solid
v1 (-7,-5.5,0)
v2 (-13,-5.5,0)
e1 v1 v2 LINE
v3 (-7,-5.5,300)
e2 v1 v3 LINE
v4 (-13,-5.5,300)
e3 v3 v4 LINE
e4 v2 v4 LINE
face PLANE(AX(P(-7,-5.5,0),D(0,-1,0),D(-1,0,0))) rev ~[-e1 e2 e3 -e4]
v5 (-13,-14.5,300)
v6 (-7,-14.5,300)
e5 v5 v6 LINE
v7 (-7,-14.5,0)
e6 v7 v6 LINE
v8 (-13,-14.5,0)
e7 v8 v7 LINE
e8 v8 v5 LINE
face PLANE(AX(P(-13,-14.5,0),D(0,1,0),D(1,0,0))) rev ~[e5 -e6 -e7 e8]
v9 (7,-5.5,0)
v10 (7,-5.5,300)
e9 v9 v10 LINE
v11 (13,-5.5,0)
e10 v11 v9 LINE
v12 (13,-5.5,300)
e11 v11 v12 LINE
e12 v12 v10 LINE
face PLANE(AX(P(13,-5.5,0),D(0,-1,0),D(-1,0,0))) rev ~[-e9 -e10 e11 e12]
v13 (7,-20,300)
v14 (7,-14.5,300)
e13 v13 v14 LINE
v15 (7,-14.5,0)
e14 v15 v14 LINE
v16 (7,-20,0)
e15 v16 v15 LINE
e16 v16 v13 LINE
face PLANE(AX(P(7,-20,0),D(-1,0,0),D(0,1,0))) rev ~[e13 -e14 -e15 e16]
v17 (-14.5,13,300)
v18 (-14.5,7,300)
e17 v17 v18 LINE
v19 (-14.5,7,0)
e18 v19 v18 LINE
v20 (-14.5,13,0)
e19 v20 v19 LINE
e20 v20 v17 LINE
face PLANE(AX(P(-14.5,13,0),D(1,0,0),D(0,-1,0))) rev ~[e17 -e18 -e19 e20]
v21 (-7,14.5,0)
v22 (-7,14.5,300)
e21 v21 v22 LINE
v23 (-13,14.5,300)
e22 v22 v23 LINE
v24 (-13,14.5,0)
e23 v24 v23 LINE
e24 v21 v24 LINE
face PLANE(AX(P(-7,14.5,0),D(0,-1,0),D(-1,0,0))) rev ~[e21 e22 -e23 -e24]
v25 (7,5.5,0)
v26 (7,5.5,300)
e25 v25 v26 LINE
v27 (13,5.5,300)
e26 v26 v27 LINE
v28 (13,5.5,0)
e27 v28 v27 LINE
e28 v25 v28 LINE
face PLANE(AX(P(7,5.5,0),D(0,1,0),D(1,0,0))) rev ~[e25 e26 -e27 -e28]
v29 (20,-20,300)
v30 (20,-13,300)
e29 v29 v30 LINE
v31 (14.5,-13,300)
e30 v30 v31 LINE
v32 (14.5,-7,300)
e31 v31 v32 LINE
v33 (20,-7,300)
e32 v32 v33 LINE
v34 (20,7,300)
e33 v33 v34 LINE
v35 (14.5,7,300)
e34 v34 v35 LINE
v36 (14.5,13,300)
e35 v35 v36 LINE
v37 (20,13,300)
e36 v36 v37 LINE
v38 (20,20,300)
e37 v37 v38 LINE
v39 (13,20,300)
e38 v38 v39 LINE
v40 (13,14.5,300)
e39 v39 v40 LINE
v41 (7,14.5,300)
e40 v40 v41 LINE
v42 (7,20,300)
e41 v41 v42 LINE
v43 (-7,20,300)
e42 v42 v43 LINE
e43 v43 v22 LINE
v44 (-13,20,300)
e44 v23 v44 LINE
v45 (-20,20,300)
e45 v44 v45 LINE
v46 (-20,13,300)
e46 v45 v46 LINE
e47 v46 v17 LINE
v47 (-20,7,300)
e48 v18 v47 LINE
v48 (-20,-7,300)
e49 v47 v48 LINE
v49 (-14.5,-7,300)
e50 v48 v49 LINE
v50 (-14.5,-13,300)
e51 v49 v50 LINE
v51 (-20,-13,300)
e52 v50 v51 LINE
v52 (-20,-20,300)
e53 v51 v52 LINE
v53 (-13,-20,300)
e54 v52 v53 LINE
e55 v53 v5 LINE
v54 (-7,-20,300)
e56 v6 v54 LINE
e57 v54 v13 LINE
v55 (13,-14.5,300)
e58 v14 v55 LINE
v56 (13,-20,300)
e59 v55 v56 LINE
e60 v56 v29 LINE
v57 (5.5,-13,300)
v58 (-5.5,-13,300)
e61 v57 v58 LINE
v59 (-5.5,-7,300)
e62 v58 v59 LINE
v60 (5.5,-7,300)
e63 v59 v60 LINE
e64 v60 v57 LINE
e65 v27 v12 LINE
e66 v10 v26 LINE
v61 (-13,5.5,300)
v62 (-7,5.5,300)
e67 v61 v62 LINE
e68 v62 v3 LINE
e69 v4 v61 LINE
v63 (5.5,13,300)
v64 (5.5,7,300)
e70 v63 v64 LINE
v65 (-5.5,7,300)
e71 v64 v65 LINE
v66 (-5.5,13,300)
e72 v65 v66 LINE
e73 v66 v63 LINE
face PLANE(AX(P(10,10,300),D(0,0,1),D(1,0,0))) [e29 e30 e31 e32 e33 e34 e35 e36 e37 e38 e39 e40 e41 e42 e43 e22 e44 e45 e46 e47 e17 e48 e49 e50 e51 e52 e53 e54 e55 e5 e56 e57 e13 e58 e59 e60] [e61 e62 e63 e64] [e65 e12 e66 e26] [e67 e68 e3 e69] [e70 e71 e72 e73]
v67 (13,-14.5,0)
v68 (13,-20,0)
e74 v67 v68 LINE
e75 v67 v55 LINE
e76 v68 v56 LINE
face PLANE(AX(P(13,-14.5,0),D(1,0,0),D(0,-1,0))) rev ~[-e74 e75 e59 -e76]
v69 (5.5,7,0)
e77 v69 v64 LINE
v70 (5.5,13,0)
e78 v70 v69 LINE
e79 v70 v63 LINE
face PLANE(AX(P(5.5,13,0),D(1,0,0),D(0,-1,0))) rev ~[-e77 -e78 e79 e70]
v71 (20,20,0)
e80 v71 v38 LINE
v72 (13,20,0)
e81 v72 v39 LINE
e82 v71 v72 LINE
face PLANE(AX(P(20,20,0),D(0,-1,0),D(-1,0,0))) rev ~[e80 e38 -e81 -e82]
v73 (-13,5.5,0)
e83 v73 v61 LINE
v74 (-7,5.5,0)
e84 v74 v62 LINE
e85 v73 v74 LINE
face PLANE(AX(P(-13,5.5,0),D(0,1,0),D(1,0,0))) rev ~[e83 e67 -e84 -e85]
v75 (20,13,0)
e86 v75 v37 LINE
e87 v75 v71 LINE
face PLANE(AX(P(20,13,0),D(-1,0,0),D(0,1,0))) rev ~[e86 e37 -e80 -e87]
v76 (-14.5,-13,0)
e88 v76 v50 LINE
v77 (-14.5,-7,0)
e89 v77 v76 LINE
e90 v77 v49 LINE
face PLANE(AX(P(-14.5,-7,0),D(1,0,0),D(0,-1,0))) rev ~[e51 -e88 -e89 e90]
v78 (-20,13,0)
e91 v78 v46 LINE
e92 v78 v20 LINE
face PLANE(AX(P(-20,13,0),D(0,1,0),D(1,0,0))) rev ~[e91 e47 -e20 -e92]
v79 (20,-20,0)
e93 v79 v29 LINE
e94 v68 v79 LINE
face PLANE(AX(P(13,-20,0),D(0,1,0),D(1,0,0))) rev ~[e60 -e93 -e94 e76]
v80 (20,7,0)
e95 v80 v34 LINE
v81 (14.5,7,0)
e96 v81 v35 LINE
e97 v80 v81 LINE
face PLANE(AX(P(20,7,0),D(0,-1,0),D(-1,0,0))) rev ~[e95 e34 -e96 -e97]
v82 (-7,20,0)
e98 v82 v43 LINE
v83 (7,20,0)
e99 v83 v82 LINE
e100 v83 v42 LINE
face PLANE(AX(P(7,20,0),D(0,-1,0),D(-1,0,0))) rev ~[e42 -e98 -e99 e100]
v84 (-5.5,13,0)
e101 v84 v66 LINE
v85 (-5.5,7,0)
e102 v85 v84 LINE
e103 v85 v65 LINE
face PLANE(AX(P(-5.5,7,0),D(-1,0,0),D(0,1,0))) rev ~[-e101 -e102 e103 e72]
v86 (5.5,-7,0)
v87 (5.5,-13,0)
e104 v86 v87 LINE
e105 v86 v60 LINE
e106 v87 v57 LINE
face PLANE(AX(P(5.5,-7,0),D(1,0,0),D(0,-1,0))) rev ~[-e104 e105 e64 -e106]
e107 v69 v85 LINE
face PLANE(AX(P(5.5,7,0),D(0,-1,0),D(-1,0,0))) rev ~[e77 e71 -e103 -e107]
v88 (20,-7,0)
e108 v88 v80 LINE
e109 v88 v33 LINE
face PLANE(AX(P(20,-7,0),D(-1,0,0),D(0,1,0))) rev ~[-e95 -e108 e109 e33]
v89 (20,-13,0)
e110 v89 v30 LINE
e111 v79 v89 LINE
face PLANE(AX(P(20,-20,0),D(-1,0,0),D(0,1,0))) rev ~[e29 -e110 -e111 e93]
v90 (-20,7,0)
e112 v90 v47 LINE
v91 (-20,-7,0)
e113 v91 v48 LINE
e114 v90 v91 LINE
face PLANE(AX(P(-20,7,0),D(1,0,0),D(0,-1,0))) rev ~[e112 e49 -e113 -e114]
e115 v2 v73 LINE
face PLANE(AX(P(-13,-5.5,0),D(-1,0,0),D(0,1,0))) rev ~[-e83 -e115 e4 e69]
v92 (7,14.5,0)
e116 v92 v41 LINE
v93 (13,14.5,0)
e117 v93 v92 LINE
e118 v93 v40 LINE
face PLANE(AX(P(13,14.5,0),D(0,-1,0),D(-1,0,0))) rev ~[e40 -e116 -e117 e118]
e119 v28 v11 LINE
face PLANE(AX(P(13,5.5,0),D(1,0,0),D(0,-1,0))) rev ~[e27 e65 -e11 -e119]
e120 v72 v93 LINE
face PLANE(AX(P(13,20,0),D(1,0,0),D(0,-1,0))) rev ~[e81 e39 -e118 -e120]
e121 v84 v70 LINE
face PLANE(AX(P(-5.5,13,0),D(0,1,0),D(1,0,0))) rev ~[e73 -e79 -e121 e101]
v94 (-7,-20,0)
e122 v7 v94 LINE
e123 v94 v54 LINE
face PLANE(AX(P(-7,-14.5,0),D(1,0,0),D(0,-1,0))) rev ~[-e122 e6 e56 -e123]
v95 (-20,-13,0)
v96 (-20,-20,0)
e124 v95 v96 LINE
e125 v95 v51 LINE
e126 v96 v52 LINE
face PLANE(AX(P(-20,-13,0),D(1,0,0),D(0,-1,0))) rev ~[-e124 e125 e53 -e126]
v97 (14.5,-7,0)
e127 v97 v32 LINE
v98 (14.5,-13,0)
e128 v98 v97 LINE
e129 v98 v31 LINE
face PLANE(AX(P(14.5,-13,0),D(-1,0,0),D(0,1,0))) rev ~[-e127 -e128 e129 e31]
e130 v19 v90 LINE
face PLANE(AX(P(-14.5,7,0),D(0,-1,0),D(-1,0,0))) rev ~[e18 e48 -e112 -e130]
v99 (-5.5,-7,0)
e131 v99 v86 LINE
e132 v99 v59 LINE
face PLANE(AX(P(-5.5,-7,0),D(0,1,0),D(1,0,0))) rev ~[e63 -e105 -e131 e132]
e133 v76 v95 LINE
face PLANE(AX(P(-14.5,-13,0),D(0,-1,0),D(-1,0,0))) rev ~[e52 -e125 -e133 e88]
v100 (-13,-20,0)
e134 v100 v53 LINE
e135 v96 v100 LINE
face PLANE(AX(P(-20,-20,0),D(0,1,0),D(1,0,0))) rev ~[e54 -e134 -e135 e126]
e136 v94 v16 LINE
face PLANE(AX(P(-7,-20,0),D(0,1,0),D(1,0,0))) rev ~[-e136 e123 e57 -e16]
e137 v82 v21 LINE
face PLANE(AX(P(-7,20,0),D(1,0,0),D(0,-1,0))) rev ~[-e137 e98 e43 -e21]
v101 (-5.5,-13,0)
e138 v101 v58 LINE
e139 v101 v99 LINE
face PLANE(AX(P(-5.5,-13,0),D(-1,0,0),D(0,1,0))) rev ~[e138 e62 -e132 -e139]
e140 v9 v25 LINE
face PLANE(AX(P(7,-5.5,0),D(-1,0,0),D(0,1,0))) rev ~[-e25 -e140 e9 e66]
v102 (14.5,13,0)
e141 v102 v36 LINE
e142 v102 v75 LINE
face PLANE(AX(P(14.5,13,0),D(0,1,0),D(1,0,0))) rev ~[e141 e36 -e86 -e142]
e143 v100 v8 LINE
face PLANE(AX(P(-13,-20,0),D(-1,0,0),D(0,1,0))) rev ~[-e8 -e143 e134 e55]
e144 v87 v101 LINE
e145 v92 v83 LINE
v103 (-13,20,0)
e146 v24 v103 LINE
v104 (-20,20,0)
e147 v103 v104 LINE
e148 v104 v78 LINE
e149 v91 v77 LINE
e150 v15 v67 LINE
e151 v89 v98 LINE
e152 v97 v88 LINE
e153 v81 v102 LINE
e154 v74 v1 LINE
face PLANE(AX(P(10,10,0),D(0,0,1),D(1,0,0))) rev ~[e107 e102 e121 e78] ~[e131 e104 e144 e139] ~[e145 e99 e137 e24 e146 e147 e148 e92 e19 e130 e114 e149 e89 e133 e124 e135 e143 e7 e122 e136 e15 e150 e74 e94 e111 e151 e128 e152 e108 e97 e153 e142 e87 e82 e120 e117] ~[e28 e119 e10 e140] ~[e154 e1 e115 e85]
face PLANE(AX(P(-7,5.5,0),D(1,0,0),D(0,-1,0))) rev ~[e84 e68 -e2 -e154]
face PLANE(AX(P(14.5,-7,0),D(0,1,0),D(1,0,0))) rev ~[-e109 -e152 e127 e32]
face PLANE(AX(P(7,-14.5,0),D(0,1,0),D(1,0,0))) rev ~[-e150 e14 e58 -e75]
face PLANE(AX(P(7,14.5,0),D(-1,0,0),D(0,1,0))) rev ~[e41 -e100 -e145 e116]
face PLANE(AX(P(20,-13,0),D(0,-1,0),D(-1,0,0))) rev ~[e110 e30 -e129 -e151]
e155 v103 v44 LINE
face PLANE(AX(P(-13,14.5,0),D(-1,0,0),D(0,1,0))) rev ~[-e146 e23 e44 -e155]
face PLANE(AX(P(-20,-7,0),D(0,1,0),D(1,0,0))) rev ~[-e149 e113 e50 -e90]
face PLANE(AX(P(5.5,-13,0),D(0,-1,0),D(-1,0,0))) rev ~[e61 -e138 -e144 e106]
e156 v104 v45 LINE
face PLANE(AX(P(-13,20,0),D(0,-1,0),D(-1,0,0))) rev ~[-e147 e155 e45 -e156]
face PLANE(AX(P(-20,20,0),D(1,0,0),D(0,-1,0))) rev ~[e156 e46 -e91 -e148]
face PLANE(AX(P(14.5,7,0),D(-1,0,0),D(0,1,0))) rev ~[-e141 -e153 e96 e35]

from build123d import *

# Parameters (mm, degrees)
F1_DEPTH = 300


with BuildPart() as f1:
    # F0 (on Top) → F1 (new body)
    with BuildSketch(Plane.XY):
        Polygon((0, 7), (0, 0), (7, 0), (7, 5.5), (13, 5.5), (13, 0), (20, 0), (20, 7), (14.5, 7), (14.5, 13), (20, 13), (20, 20), (13, 20), (13, 14.5), (7, 14.5), (7, 20), (0, 20), (0, 13), (5.5, 13), (5.5, 7), align=None)
        Polygon((-7, 0), (0, 0), (0, 7), (-5.5, 7), (-5.5, 13), (0, 13), (0, 20), (-7, 20), (-7, 14.5), (-13, 14.5), (-13, 20), (-20, 20), (-20, 13), (-14.5, 13), (-14.5, 7), (-20, 7), (-20, 0), (-13, 0), (-13, 5.5), (-7, 5.5), align=None)
        Polygon((0, -7), (0, 0), (-7, 0), (-7, -5.5), (-13, -5.5), (-13, 0), (-20, 0), (-20, -7), (-14.5, -7), (-14.5, -13), (-20, -13), (-20, -20), (-13, -20), (-13, -14.5), (-7, -14.5), (-7, -20), (0, -20), (0, -13), (-5.5, -13), (-5.5, -7), align=None)
        Polygon((7, 0), (0, 0), (0, -7), (5.5, -7), (5.5, -13), (0, -13), (0, -20), (7, -20), (7, -14.5), (13, -14.5), (13, -20), (20, -20), (20, -13), (14.5, -13), (14.5, -7), (20, -7), (20, 0), (13, 0), (13, -5.5), (7, -5.5), align=None)
    extrude(amount=F1_DEPTH)


solid = f1.part
